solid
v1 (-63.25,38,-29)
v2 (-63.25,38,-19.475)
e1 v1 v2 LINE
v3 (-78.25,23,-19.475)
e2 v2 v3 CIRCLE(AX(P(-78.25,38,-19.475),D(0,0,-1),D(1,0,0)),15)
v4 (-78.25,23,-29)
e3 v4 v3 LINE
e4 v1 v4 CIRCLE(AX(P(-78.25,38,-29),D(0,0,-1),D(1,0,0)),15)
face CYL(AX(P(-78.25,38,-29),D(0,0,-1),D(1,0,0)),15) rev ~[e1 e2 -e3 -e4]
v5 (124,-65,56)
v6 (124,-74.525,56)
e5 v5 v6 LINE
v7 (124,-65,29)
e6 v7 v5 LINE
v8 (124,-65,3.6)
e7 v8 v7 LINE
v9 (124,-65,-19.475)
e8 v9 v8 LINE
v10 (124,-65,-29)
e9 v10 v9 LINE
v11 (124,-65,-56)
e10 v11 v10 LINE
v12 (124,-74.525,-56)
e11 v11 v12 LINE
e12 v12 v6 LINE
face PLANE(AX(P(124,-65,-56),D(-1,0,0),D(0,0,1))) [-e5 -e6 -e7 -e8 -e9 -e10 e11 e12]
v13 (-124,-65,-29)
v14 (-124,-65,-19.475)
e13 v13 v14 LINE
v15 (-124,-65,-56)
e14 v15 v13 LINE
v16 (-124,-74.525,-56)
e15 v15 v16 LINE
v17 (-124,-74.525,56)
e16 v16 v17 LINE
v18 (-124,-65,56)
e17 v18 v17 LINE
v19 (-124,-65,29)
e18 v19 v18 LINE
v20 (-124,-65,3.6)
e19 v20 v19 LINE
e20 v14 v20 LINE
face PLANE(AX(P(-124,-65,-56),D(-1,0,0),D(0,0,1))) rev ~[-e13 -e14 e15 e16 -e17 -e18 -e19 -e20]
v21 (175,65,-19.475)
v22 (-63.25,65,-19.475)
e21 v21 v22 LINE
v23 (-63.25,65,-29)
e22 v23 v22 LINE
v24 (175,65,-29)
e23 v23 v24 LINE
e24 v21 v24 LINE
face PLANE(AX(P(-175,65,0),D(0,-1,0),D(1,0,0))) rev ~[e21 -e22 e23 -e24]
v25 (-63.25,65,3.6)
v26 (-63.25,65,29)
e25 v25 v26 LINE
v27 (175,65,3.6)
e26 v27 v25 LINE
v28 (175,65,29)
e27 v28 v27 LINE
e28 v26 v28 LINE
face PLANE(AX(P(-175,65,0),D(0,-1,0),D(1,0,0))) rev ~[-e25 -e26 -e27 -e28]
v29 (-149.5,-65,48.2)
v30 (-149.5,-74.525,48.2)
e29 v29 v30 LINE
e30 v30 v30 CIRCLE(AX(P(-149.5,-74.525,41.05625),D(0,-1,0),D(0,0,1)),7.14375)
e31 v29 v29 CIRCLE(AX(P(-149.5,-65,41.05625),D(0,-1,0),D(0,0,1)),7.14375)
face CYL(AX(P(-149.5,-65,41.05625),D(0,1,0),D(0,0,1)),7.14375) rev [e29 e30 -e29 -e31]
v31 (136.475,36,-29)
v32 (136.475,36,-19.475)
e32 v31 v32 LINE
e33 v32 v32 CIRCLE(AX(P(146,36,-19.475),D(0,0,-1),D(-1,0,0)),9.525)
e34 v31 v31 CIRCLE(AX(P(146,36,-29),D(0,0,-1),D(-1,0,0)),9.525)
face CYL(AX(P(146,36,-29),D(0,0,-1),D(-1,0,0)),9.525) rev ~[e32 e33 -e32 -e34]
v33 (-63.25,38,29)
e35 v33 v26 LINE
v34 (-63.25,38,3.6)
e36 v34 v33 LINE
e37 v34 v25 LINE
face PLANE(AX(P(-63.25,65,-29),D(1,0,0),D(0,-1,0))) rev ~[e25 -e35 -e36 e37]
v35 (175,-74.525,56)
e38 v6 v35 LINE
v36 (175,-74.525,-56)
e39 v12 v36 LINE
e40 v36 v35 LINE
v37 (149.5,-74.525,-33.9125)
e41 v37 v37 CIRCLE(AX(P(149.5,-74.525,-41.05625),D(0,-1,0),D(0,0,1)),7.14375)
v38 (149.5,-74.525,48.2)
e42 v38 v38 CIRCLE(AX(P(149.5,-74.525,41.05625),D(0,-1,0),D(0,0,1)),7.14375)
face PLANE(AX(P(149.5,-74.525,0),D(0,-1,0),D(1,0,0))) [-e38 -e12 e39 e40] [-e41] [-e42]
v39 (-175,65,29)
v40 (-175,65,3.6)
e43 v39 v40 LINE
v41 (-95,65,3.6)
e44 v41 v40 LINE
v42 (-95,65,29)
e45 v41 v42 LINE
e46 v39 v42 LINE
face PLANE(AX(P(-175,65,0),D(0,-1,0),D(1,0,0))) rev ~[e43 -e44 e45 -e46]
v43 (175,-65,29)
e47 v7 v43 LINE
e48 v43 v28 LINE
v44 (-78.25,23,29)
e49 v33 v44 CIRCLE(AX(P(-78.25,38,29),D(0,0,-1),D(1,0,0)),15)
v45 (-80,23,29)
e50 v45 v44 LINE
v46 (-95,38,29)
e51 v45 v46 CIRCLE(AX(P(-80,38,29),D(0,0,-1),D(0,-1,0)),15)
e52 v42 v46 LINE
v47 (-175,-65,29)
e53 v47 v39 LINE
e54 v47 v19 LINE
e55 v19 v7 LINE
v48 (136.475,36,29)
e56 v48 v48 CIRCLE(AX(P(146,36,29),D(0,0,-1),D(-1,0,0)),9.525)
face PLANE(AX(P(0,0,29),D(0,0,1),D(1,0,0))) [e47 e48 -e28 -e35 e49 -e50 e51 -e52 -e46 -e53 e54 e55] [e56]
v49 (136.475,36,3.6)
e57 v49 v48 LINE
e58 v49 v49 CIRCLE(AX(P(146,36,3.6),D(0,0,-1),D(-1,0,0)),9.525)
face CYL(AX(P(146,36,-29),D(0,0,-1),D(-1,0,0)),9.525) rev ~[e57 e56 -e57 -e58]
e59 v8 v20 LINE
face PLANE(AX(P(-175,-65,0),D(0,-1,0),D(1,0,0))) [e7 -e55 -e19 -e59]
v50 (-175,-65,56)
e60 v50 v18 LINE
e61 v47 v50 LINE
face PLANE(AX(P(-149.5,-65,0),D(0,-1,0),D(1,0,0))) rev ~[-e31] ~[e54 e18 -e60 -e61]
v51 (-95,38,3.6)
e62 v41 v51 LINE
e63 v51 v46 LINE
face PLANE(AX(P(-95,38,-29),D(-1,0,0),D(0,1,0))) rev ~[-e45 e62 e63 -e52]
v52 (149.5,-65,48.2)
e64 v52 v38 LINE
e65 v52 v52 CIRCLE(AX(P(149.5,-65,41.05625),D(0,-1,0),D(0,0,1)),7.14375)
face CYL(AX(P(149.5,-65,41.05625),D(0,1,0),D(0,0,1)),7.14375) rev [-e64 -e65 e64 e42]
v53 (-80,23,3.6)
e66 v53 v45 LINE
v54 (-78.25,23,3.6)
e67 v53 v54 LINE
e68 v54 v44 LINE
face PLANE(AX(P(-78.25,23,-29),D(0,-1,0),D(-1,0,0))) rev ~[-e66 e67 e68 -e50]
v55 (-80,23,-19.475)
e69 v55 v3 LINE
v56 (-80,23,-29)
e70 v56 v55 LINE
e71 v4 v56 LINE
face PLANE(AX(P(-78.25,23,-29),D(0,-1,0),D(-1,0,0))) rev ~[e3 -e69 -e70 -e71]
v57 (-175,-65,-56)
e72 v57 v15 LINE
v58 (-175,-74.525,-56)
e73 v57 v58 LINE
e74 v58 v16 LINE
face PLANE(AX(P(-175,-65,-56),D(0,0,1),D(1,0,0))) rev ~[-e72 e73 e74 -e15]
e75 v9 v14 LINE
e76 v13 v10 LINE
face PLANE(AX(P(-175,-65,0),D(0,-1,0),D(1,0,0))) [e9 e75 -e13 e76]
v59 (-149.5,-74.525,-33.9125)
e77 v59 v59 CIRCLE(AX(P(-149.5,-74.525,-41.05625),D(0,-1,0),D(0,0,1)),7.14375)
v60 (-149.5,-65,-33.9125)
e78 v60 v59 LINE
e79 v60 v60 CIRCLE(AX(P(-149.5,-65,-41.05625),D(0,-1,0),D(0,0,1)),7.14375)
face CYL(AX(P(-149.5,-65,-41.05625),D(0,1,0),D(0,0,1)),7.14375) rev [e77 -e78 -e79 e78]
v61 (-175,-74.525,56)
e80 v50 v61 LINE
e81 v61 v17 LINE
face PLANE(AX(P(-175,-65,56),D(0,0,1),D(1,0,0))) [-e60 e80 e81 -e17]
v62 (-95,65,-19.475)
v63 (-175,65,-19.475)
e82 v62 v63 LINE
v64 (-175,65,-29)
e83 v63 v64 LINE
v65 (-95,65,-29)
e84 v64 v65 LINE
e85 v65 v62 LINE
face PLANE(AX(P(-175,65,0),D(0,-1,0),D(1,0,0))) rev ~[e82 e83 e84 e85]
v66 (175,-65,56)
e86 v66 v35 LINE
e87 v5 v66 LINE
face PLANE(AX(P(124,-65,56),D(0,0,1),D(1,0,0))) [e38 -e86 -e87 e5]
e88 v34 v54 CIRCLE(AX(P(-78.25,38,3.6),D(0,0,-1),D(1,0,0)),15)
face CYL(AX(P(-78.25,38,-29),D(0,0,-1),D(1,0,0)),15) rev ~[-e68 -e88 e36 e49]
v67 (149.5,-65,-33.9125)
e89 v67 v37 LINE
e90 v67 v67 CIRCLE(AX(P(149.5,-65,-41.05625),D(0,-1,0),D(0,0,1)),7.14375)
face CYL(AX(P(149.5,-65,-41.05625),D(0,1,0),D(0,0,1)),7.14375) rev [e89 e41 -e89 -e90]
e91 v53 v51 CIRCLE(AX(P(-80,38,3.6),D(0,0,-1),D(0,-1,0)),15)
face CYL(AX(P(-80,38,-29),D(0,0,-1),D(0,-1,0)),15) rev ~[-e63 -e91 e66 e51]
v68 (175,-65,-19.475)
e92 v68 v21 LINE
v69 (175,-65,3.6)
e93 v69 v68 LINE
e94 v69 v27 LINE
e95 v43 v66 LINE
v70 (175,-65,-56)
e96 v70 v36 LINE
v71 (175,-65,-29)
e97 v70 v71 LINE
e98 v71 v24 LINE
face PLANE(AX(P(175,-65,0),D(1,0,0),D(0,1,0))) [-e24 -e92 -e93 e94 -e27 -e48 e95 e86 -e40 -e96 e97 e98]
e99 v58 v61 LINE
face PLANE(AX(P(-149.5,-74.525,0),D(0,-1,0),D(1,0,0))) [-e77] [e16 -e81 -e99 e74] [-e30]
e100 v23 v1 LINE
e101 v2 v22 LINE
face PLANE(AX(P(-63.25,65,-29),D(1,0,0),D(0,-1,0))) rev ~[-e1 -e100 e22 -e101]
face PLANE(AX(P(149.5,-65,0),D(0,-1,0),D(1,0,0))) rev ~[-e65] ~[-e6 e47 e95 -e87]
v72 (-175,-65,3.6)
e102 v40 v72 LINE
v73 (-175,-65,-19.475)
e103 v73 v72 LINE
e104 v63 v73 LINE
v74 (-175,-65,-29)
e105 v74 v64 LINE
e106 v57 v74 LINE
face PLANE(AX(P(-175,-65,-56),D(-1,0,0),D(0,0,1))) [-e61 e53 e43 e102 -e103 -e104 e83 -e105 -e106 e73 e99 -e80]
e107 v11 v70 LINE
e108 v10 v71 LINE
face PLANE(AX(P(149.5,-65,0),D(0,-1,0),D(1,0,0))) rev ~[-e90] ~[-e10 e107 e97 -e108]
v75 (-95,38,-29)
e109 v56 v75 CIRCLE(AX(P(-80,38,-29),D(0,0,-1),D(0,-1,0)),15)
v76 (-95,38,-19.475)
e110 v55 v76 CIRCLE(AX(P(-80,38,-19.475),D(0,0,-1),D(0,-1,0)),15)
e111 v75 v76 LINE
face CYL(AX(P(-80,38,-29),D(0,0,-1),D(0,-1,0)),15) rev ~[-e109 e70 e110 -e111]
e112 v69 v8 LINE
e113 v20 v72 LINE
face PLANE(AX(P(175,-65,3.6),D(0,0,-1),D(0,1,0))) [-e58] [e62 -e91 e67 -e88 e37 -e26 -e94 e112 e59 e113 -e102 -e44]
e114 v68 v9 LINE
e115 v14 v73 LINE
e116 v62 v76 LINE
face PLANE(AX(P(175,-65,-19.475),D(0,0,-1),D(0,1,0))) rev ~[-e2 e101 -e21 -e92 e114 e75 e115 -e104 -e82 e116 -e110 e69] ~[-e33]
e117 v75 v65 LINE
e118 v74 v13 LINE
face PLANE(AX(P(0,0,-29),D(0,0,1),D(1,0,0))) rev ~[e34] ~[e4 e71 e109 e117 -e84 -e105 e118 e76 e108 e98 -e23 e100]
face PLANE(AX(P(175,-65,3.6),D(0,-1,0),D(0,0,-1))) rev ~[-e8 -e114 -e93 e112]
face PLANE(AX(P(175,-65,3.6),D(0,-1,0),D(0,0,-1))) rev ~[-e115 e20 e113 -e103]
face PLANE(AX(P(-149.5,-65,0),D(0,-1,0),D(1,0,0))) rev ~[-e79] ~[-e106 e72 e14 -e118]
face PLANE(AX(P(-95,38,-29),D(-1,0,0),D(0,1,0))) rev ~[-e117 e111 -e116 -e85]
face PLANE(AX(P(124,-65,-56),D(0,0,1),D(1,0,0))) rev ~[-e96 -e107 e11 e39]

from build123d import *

# Parameters (mm, degrees)
CROQUIS1_W              = 350
CROQUIS1_H              = 130
SALIENTE_EXTRUIR1_DEPTH = 29
CROQUIS2_W              = 51
CROQUIS2_H              = 112
CROQUIS2_R              = 7.14375
SALIENTE_EXTRUIR2_DEPTH = 9.525
CORTAR_EXTRUIR1_DEPTH   = 99.525
CROQUIS4_W              = 23.075
CROQUIS4_H              = 130
CORTAR_EXTRUIR2_DEPTH   = 363.201567673
CROQUIS5_R              = 9.525
CORTAR_EXTRUIR3_DEPTH   = 99.525


with BuildPart() as part:
    # Croquis1 → Saliente-Extruir1 (new, symmetric)
    with BuildSketch(Plane.XY):
        Rectangle(CROQUIS1_W, CROQUIS1_H)
    extrude(amount=SALIENTE_EXTRUIR1_DEPTH, both=True)

    # Croquis2 → Saliente-Extruir2 (add)
    # profile 1 of 2: a face of its own
    with BuildSketch(Plane.XZ.offset(65)):
        with Locations((-149.5, 0)):
            Rectangle(CROQUIS2_W, CROQUIS2_H)
        with Locations(Location((-149.5, 41.05625, 0), (0, 0, 90))):
            Circle(CROQUIS2_R, mode=Mode.SUBTRACT)
        with Locations(Location((-149.5, -41.05625, 0), (0, 0, 90))):
            Circle(CROQUIS2_R, mode=Mode.SUBTRACT)
    # profile 2 of 2: a face of its own
    with BuildSketch(Plane.XZ.offset(65)):
        with Locations((149.5, 0)):
            Rectangle(CROQUIS2_W, CROQUIS2_H)
        with Locations(Location((149.5, -41.05625, 0), (0, 0, 90))):
            Circle(CROQUIS2_R, mode=Mode.SUBTRACT)
        with Locations(Location((149.5, 41.05625, 0), (0, 0, 90))):
            Circle(CROQUIS2_R, mode=Mode.SUBTRACT)
    extrude(amount=SALIENTE_EXTRUIR2_DEPTH)

    # Croquis3 → Cortar-Extruir1 (cut)
    with BuildSketch(Plane(origin=(0, 0, -29), x_dir=(-1, 0, 0), z_dir=(0, 0, -1))):
        with BuildLine():
            Line((95, 65), (63.25, 65))
            Line((63.25, 65), (63.25, 38))
            ThreePointArc((63.25, 38), (67.643398282, 27.393398282), (78.25, 23))
            Line((78.25, 23), (80, 23))
            ThreePointArc((80, 23), (90.606601718, 27.393398282), (95, 38))
            Line((95, 38), (95, 65))
        make_face()
    extrude(amount=-CORTAR_EXTRUIR1_DEPTH, mode=Mode.SUBTRACT)

    # Croquis4 → Cortar-Extruir2 (cut, through all)
    with BuildSketch(Plane(origin=(175, 0, 0), x_dir=(0, 0, -1), z_dir=(1, 0, 0))):
        with Locations((7.9375, 0)):
            Rectangle(CROQUIS4_W, CROQUIS4_H)
    extrude(amount=-CORTAR_EXTRUIR2_DEPTH, mode=Mode.SUBTRACT)

    # Croquis5 → Cortar-Extruir3 (cut)
    with BuildSketch(Plane(origin=(0, 0, -29), x_dir=(-1, 0, 0), z_dir=(0, 0, -1))):
        with Locations((-146, 36)):
            Circle(CROQUIS5_R)
    extrude(amount=-CORTAR_EXTRUIR3_DEPTH, mode=Mode.SUBTRACT)


solid = part.part
